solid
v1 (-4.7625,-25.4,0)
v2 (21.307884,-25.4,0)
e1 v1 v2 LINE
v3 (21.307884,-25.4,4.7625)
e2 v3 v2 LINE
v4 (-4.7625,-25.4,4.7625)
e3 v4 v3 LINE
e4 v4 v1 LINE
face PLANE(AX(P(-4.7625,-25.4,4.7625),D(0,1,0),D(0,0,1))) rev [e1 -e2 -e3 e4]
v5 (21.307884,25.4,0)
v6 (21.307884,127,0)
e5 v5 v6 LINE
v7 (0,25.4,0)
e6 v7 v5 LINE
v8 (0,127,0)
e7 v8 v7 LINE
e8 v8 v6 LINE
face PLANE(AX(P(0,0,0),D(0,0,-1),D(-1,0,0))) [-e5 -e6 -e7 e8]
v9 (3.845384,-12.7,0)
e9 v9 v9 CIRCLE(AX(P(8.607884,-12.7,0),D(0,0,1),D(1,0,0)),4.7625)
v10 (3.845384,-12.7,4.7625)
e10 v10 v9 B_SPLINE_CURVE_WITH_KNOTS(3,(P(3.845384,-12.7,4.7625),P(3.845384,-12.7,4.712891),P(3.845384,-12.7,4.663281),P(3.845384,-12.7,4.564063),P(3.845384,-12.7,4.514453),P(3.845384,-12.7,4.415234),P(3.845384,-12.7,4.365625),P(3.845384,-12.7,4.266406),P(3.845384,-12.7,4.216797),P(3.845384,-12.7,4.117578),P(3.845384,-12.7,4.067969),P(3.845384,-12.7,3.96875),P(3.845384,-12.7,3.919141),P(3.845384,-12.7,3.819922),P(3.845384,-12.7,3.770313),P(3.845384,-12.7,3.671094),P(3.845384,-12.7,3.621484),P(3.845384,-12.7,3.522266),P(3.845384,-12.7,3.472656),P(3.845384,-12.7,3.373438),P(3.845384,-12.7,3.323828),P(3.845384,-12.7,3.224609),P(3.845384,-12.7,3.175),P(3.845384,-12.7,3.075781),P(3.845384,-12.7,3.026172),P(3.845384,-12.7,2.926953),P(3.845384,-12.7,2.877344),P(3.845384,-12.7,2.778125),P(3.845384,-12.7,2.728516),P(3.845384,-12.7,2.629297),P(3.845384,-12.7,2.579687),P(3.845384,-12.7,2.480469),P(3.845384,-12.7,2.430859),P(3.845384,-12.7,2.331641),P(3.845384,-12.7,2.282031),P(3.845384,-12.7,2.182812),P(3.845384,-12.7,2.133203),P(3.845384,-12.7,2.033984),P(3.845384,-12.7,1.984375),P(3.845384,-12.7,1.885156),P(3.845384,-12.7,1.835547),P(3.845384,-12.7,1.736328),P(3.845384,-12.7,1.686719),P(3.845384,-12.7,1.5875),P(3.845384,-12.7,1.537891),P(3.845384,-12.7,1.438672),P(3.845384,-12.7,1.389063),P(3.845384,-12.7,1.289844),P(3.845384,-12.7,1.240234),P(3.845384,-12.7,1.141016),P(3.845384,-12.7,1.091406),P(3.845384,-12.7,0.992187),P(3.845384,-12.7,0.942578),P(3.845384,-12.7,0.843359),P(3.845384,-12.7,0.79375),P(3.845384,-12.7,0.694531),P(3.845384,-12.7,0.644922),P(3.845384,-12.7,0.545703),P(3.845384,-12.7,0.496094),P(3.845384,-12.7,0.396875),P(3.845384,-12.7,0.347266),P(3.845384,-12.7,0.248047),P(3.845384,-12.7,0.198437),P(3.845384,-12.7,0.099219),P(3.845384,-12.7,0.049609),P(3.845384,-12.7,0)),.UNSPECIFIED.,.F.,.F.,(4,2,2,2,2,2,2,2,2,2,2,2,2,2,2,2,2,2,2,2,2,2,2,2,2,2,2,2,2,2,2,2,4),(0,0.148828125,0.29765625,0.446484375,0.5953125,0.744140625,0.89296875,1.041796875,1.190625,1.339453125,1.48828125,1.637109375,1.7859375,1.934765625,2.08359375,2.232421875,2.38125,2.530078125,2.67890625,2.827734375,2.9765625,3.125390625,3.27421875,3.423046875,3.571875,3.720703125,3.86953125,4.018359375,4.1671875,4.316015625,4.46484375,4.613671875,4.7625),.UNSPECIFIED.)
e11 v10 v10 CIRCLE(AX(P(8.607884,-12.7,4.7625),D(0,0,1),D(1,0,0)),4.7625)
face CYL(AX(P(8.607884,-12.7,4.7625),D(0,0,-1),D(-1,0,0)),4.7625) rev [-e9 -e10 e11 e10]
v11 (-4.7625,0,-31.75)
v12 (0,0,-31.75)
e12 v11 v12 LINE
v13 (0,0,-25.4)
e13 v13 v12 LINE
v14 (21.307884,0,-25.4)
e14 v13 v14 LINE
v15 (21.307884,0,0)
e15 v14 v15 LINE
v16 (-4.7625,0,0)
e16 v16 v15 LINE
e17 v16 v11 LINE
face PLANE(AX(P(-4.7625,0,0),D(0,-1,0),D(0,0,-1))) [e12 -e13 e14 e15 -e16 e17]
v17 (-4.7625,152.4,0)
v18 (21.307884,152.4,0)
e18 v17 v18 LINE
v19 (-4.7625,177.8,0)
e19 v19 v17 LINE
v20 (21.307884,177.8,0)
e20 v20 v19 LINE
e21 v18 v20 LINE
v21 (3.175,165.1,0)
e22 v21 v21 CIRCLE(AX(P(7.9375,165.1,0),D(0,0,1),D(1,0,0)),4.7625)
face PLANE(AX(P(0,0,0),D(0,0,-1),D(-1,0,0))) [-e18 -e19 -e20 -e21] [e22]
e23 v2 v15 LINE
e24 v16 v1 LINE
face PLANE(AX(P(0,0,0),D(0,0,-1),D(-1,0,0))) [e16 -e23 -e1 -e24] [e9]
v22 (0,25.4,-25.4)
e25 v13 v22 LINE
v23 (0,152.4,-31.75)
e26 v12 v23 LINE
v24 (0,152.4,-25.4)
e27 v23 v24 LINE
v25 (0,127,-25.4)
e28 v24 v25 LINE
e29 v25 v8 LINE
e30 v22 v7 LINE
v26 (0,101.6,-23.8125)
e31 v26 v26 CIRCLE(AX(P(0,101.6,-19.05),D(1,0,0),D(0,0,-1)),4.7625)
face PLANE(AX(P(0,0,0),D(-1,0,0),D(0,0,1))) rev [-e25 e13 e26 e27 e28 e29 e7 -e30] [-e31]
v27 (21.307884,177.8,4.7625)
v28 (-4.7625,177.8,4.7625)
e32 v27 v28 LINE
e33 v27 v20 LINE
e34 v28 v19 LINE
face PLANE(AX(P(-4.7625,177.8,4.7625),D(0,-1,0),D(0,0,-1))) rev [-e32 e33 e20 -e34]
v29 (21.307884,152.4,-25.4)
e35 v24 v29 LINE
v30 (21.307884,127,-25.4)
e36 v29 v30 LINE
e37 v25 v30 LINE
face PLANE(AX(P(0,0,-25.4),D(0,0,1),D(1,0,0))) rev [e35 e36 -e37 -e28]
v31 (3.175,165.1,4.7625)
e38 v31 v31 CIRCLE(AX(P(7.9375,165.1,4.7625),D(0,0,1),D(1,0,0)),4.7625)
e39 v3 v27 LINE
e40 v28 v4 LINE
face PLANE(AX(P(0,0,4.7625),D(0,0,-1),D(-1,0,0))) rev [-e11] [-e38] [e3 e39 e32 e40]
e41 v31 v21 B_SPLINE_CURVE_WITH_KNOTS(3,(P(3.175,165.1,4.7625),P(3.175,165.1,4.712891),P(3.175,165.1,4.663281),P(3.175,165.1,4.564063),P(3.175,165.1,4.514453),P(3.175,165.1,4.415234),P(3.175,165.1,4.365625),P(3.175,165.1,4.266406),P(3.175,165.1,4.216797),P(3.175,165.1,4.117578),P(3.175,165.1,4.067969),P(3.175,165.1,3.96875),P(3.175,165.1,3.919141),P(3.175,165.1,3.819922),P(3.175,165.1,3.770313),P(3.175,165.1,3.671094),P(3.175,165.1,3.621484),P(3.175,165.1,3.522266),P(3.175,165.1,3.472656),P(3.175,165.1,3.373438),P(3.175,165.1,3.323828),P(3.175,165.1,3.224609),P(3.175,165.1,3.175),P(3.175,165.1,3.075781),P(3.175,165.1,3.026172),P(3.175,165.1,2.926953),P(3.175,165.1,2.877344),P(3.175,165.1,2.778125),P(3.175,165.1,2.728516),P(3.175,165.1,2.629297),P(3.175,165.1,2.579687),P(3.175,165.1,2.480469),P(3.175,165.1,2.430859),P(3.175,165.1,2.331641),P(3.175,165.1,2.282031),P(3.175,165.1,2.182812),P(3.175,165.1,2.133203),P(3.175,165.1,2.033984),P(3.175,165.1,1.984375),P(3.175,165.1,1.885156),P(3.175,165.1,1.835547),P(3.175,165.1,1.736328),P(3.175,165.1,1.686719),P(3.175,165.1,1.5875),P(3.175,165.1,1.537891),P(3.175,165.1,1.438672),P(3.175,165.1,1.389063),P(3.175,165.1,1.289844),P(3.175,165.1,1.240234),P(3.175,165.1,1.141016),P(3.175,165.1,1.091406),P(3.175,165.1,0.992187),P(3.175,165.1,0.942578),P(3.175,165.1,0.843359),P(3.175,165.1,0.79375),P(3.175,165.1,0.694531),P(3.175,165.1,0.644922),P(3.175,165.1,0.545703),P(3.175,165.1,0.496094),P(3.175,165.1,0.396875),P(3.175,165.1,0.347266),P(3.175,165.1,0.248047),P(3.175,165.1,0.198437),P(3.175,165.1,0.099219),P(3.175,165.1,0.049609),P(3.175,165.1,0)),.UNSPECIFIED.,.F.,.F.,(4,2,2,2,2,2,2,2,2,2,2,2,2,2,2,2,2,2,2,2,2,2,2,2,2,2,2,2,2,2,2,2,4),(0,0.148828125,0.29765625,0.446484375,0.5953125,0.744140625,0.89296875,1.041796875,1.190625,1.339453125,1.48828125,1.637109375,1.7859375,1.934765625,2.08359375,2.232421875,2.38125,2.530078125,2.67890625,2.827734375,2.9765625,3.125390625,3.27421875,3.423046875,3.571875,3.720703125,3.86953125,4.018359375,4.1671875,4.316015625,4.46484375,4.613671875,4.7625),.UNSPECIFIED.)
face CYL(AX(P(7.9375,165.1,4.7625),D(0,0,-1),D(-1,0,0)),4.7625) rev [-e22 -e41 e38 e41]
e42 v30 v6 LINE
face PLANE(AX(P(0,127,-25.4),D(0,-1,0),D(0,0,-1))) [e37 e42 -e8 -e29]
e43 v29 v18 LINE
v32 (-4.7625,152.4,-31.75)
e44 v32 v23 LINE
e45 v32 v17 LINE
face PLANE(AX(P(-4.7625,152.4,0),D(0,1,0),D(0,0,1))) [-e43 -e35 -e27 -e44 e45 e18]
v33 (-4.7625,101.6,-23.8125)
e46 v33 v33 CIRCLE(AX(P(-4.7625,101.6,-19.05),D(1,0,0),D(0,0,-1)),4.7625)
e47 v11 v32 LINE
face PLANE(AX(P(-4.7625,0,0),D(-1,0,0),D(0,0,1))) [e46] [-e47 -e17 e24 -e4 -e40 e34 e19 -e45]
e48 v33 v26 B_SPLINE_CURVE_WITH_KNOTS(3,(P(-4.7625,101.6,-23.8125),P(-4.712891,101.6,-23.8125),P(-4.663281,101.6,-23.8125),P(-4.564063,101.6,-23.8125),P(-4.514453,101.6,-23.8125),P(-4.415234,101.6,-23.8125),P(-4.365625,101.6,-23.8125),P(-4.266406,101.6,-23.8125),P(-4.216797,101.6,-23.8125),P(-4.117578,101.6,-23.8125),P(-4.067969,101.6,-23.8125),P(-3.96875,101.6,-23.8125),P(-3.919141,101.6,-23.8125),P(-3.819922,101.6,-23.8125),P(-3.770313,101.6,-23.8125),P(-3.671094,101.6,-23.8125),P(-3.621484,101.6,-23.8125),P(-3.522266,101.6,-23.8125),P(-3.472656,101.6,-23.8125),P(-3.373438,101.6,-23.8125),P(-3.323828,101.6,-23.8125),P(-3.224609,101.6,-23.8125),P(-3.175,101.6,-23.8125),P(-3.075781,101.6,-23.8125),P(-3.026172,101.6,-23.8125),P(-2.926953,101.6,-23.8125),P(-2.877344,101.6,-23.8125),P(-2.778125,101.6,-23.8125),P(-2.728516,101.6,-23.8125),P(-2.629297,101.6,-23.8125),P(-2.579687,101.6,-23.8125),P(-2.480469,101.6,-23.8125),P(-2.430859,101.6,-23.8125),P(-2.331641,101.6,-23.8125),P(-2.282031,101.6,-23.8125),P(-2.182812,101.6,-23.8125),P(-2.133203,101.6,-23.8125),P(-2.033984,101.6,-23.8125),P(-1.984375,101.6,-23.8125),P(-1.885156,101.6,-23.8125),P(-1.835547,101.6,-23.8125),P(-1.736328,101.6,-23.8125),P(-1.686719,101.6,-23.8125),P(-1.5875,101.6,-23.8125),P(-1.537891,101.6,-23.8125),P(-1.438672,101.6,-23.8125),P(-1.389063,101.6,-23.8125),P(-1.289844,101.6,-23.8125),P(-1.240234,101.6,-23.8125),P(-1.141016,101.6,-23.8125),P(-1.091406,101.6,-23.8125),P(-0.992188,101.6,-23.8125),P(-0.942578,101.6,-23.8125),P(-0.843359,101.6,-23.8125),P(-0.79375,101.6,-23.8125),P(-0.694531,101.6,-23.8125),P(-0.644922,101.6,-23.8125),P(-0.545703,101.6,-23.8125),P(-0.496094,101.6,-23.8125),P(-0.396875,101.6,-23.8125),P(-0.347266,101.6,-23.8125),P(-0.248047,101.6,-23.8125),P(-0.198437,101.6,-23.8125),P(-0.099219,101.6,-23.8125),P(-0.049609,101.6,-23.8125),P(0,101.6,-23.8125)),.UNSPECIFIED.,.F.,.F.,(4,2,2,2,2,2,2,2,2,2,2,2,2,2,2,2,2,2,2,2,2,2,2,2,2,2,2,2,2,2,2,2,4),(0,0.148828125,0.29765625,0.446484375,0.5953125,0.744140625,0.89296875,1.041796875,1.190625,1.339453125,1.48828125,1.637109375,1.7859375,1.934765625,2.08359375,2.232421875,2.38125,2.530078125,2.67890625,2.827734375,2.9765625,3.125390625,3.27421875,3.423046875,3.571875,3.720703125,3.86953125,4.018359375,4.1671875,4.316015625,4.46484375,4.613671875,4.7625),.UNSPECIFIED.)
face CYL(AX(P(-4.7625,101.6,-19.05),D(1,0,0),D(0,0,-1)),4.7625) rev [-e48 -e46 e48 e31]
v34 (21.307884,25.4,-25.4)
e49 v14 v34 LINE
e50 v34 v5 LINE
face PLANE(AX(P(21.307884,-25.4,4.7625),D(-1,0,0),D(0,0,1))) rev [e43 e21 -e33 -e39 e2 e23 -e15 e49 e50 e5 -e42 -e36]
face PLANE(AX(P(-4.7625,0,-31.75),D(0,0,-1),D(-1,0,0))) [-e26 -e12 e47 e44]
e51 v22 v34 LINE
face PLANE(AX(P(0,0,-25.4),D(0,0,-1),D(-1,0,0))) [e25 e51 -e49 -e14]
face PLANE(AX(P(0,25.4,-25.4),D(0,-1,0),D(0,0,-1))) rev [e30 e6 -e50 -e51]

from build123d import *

# Parameters (mm, degrees)
SKETCH2_W           = 31.75
SKETCH2_H           = 152.4
SKETCH2_R           = 4.7625
BOSS_EXTRUDE1_DEPTH = 4.7625
SKETCH3_W           = 26.07038402
SKETCH3_H           = 203.2
SKETCH3_R           = 4.7625
BOSS_EXTRUDE2_DEPTH = 4.7625
SKETCH4_W           = 21.30788402
SKETCH4_H           = 25.4
BOSS_EXTRUDE3_DEPTH = 25.4


with BuildPart() as part:
    # Sketch2 → Boss-Extrude1 (new body)
    with BuildSketch(Plane(origin=(0, 0, 0), x_dir=(0, 0, -1), z_dir=(1, 0, 0))):
        with Locations((15.875, 76.2)):
            Rectangle(SKETCH2_W, SKETCH2_H)
        with Locations((19.05, 101.6)):
            Circle(SKETCH2_R, mode=Mode.SUBTRACT)
    extrude(amount=-BOSS_EXTRUDE1_DEPTH)

    # Sketch3 → Boss-Extrude2 (add)
    with BuildSketch(Plane.XY):
        with Locations((8.27269201, 76.2)):
            Rectangle(SKETCH3_W, SKETCH3_H)
        with Locations(Location((7.9375, 165.1, 0), (0, 0, 180))):
            Circle(SKETCH3_R, mode=Mode.SUBTRACT)
        with Locations(Location((8.60788402, -12.7, 0), (0, 0, 180))):
            Circle(SKETCH3_R, mode=Mode.SUBTRACT)
    extrude(amount=BOSS_EXTRUDE2_DEPTH)

    # Sketch4 → Boss-Extrude3 (add)
    with BuildSketch(Plane(origin=(0, 0, 0), x_dir=(-1, 0, 0), z_dir=(0, 0, -1))):
        with Locations((-10.65394201, 139.7)):
            Rectangle(SKETCH4_W, SKETCH4_H)
        with Locations((-10.65394201, 12.7)):
            Rectangle(SKETCH4_W, SKETCH4_H)
    extrude(amount=BOSS_EXTRUDE3_DEPTH)


solid = part.part
